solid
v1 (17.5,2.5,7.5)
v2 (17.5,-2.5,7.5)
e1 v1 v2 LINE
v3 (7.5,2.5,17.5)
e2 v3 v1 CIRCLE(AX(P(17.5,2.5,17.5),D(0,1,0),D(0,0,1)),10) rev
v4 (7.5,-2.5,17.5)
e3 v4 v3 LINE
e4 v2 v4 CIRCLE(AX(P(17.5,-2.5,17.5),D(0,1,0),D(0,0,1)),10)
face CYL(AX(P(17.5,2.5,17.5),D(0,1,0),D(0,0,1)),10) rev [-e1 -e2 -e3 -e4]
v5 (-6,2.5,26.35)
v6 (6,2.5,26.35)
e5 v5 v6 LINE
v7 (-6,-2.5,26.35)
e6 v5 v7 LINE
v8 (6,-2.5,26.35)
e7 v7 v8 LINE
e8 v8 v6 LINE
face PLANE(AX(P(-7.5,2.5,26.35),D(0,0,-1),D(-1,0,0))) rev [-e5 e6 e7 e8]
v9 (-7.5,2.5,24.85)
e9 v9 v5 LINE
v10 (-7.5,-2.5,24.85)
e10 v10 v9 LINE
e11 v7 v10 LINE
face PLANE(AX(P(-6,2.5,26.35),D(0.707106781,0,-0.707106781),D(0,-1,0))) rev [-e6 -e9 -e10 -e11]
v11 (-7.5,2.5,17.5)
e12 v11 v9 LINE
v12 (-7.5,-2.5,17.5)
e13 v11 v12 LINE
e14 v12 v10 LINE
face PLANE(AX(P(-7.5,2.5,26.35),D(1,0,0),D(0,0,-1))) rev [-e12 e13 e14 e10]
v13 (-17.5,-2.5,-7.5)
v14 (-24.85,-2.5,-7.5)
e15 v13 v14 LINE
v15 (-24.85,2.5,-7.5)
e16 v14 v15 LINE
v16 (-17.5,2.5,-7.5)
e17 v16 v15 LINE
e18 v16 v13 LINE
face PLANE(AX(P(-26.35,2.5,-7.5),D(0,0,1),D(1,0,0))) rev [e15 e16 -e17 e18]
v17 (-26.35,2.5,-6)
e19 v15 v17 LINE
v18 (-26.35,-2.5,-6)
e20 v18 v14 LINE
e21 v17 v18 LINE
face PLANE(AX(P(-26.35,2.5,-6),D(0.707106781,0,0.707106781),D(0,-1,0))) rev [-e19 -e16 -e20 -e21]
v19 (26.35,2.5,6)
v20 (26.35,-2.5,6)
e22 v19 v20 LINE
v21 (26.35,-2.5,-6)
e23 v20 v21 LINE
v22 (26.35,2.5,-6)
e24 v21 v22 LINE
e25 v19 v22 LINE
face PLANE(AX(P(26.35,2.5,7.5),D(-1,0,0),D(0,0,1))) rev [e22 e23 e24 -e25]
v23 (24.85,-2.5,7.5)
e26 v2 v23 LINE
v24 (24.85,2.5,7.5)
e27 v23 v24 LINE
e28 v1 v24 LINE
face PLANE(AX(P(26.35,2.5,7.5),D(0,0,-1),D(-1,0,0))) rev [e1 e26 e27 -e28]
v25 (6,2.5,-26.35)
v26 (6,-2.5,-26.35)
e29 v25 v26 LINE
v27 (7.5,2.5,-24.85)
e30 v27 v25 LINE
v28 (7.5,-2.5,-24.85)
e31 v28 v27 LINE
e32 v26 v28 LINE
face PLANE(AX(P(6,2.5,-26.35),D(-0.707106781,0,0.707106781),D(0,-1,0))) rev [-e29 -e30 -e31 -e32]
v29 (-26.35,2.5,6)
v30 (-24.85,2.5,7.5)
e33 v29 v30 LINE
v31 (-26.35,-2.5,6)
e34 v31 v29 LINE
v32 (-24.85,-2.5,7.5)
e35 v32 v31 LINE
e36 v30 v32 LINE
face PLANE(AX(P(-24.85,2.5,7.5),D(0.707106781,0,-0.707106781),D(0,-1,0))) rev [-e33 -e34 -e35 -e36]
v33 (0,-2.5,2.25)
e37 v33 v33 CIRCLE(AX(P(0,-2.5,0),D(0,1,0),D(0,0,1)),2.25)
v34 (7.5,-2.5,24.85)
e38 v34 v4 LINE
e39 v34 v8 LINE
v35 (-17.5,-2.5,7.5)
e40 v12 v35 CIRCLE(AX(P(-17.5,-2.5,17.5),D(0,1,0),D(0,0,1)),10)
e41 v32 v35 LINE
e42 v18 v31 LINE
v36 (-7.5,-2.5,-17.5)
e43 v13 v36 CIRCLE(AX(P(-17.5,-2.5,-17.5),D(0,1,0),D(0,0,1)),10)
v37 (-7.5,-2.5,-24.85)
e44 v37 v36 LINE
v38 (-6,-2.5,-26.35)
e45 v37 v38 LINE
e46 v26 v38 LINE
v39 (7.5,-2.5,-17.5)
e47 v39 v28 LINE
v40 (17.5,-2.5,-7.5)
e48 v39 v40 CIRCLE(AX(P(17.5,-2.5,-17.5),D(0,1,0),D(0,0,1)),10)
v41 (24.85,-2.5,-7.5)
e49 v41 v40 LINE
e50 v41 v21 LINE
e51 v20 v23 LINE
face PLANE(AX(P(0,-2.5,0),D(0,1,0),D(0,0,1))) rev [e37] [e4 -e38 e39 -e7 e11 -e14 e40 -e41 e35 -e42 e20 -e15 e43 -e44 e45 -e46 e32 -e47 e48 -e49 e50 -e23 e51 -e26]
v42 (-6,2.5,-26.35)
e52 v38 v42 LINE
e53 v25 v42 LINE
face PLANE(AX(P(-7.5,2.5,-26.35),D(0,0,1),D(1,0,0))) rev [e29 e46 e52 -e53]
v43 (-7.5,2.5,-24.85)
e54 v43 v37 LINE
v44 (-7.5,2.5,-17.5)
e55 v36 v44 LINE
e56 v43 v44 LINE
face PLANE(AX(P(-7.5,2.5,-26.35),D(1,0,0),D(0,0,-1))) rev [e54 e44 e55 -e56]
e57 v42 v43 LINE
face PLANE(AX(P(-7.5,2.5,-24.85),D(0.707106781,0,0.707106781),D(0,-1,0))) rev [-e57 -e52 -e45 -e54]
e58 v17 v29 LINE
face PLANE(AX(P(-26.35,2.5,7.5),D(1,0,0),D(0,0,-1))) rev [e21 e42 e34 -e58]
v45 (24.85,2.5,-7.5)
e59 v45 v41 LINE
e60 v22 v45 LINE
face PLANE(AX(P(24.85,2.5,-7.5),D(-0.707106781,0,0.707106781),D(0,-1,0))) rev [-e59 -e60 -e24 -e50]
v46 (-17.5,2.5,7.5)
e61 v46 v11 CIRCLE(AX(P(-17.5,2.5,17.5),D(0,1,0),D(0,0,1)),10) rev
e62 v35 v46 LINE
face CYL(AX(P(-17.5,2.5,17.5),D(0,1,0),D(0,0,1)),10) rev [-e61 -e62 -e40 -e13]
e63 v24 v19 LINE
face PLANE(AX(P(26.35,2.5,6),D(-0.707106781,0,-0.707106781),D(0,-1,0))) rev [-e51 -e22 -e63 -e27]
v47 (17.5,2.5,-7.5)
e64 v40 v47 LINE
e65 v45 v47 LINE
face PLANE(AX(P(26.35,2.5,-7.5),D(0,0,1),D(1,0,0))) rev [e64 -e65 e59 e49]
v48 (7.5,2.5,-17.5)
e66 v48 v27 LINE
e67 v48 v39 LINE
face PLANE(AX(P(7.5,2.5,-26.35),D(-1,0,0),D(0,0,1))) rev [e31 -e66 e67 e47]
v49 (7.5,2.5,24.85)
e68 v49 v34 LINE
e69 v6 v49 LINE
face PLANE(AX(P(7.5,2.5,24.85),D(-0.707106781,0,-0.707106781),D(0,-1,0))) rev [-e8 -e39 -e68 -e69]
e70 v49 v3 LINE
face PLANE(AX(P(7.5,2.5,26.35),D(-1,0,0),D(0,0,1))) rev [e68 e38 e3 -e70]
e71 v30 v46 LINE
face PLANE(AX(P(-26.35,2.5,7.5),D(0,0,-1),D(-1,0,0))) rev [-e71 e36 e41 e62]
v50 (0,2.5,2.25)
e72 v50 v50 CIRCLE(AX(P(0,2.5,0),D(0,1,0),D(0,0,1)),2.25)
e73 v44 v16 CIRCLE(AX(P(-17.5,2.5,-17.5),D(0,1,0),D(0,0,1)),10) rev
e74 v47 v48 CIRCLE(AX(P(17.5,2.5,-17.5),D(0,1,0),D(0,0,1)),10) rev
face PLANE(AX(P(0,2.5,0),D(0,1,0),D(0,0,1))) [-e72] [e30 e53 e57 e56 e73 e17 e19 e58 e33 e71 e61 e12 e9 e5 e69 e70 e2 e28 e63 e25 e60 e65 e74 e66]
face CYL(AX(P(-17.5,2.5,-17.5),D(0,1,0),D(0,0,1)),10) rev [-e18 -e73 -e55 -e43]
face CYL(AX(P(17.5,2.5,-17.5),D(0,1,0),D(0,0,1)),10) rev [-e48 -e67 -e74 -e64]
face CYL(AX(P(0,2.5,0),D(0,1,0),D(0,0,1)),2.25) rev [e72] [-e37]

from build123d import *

# Parameters (mm, degrees)
BOSS_EXTRUDE1_DEPTH      = 2.5
FILLET1_R                = 10
CHAMFER1_SIZE            = 1.5
M4_CLEARANCE_HOLE1_D     = 4.5
M4_CLEARANCE_HOLE1_DEPTH = 5.2
M4_CLEARANCE_HOLE1_TIP   = 1.351936393


with BuildPart() as part:
    # Sketch2 → Boss-Extrude1 (new, symmetric)
    with BuildSketch(Plane(origin=(0, 0, 0), x_dir=(1, 0, 0), z_dir=(0, 1, 0))):
        Polygon((-7.5, 26.35), (7.5, 26.35), (7.5, 7.5), (26.35, 7.5), (26.35, -7.5), (7.5, -7.5), (7.5, -26.35), (-7.5, -26.35), (-7.5, -7.5), (-26.35, -7.5), (-26.35, 7.5), (-7.5, 7.5), align=None)
    extrude(amount=BOSS_EXTRUDE1_DEPTH, both=True)

    # Fillet1
    fillet1_edges = [part.edges().sort_by_distance(p)[0] for p in [
        (7.5, 0, 7.5),
        (-7.5, 0, 7.5),
        (-7.5, 0, -7.5),
        (7.5, 0, -7.5),
    ]]
    fillet(fillet1_edges, radius=FILLET1_R)

    # Chamfer1
    chamfer1_edges = [part.edges().sort_by_distance(p)[0] for p in [
        (26.35, 0, -7.5),
        (26.35, 0, 7.5),
        (7.5, 0, 26.35),
        (-7.5, 0, 26.35),
        (-26.35, 0, 7.5),
        (-26.35, 0, -7.5),
        (-7.5, 0, -26.35),
        (7.5, 0, -26.35),
    ]]
    chamfer(chamfer1_edges, length=CHAMFER1_SIZE)

    # M4 Clearance Hole1
    with Locations(Plane(origin=(0, 2.5, 0), x_dir=(1, 0, 0), z_dir=(0, 1, 0))):
        with Locations((0, 0)):
            Hole(M4_CLEARANCE_HOLE1_D / 2, depth=M4_CLEARANCE_HOLE1_DEPTH)
            with Locations((0, 0, -(M4_CLEARANCE_HOLE1_DEPTH + M4_CLEARANCE_HOLE1_TIP / 2))):  # 118° drill point
                Cone(0, M4_CLEARANCE_HOLE1_D / 2, M4_CLEARANCE_HOLE1_TIP, mode=Mode.SUBTRACT)


solid = part.part
